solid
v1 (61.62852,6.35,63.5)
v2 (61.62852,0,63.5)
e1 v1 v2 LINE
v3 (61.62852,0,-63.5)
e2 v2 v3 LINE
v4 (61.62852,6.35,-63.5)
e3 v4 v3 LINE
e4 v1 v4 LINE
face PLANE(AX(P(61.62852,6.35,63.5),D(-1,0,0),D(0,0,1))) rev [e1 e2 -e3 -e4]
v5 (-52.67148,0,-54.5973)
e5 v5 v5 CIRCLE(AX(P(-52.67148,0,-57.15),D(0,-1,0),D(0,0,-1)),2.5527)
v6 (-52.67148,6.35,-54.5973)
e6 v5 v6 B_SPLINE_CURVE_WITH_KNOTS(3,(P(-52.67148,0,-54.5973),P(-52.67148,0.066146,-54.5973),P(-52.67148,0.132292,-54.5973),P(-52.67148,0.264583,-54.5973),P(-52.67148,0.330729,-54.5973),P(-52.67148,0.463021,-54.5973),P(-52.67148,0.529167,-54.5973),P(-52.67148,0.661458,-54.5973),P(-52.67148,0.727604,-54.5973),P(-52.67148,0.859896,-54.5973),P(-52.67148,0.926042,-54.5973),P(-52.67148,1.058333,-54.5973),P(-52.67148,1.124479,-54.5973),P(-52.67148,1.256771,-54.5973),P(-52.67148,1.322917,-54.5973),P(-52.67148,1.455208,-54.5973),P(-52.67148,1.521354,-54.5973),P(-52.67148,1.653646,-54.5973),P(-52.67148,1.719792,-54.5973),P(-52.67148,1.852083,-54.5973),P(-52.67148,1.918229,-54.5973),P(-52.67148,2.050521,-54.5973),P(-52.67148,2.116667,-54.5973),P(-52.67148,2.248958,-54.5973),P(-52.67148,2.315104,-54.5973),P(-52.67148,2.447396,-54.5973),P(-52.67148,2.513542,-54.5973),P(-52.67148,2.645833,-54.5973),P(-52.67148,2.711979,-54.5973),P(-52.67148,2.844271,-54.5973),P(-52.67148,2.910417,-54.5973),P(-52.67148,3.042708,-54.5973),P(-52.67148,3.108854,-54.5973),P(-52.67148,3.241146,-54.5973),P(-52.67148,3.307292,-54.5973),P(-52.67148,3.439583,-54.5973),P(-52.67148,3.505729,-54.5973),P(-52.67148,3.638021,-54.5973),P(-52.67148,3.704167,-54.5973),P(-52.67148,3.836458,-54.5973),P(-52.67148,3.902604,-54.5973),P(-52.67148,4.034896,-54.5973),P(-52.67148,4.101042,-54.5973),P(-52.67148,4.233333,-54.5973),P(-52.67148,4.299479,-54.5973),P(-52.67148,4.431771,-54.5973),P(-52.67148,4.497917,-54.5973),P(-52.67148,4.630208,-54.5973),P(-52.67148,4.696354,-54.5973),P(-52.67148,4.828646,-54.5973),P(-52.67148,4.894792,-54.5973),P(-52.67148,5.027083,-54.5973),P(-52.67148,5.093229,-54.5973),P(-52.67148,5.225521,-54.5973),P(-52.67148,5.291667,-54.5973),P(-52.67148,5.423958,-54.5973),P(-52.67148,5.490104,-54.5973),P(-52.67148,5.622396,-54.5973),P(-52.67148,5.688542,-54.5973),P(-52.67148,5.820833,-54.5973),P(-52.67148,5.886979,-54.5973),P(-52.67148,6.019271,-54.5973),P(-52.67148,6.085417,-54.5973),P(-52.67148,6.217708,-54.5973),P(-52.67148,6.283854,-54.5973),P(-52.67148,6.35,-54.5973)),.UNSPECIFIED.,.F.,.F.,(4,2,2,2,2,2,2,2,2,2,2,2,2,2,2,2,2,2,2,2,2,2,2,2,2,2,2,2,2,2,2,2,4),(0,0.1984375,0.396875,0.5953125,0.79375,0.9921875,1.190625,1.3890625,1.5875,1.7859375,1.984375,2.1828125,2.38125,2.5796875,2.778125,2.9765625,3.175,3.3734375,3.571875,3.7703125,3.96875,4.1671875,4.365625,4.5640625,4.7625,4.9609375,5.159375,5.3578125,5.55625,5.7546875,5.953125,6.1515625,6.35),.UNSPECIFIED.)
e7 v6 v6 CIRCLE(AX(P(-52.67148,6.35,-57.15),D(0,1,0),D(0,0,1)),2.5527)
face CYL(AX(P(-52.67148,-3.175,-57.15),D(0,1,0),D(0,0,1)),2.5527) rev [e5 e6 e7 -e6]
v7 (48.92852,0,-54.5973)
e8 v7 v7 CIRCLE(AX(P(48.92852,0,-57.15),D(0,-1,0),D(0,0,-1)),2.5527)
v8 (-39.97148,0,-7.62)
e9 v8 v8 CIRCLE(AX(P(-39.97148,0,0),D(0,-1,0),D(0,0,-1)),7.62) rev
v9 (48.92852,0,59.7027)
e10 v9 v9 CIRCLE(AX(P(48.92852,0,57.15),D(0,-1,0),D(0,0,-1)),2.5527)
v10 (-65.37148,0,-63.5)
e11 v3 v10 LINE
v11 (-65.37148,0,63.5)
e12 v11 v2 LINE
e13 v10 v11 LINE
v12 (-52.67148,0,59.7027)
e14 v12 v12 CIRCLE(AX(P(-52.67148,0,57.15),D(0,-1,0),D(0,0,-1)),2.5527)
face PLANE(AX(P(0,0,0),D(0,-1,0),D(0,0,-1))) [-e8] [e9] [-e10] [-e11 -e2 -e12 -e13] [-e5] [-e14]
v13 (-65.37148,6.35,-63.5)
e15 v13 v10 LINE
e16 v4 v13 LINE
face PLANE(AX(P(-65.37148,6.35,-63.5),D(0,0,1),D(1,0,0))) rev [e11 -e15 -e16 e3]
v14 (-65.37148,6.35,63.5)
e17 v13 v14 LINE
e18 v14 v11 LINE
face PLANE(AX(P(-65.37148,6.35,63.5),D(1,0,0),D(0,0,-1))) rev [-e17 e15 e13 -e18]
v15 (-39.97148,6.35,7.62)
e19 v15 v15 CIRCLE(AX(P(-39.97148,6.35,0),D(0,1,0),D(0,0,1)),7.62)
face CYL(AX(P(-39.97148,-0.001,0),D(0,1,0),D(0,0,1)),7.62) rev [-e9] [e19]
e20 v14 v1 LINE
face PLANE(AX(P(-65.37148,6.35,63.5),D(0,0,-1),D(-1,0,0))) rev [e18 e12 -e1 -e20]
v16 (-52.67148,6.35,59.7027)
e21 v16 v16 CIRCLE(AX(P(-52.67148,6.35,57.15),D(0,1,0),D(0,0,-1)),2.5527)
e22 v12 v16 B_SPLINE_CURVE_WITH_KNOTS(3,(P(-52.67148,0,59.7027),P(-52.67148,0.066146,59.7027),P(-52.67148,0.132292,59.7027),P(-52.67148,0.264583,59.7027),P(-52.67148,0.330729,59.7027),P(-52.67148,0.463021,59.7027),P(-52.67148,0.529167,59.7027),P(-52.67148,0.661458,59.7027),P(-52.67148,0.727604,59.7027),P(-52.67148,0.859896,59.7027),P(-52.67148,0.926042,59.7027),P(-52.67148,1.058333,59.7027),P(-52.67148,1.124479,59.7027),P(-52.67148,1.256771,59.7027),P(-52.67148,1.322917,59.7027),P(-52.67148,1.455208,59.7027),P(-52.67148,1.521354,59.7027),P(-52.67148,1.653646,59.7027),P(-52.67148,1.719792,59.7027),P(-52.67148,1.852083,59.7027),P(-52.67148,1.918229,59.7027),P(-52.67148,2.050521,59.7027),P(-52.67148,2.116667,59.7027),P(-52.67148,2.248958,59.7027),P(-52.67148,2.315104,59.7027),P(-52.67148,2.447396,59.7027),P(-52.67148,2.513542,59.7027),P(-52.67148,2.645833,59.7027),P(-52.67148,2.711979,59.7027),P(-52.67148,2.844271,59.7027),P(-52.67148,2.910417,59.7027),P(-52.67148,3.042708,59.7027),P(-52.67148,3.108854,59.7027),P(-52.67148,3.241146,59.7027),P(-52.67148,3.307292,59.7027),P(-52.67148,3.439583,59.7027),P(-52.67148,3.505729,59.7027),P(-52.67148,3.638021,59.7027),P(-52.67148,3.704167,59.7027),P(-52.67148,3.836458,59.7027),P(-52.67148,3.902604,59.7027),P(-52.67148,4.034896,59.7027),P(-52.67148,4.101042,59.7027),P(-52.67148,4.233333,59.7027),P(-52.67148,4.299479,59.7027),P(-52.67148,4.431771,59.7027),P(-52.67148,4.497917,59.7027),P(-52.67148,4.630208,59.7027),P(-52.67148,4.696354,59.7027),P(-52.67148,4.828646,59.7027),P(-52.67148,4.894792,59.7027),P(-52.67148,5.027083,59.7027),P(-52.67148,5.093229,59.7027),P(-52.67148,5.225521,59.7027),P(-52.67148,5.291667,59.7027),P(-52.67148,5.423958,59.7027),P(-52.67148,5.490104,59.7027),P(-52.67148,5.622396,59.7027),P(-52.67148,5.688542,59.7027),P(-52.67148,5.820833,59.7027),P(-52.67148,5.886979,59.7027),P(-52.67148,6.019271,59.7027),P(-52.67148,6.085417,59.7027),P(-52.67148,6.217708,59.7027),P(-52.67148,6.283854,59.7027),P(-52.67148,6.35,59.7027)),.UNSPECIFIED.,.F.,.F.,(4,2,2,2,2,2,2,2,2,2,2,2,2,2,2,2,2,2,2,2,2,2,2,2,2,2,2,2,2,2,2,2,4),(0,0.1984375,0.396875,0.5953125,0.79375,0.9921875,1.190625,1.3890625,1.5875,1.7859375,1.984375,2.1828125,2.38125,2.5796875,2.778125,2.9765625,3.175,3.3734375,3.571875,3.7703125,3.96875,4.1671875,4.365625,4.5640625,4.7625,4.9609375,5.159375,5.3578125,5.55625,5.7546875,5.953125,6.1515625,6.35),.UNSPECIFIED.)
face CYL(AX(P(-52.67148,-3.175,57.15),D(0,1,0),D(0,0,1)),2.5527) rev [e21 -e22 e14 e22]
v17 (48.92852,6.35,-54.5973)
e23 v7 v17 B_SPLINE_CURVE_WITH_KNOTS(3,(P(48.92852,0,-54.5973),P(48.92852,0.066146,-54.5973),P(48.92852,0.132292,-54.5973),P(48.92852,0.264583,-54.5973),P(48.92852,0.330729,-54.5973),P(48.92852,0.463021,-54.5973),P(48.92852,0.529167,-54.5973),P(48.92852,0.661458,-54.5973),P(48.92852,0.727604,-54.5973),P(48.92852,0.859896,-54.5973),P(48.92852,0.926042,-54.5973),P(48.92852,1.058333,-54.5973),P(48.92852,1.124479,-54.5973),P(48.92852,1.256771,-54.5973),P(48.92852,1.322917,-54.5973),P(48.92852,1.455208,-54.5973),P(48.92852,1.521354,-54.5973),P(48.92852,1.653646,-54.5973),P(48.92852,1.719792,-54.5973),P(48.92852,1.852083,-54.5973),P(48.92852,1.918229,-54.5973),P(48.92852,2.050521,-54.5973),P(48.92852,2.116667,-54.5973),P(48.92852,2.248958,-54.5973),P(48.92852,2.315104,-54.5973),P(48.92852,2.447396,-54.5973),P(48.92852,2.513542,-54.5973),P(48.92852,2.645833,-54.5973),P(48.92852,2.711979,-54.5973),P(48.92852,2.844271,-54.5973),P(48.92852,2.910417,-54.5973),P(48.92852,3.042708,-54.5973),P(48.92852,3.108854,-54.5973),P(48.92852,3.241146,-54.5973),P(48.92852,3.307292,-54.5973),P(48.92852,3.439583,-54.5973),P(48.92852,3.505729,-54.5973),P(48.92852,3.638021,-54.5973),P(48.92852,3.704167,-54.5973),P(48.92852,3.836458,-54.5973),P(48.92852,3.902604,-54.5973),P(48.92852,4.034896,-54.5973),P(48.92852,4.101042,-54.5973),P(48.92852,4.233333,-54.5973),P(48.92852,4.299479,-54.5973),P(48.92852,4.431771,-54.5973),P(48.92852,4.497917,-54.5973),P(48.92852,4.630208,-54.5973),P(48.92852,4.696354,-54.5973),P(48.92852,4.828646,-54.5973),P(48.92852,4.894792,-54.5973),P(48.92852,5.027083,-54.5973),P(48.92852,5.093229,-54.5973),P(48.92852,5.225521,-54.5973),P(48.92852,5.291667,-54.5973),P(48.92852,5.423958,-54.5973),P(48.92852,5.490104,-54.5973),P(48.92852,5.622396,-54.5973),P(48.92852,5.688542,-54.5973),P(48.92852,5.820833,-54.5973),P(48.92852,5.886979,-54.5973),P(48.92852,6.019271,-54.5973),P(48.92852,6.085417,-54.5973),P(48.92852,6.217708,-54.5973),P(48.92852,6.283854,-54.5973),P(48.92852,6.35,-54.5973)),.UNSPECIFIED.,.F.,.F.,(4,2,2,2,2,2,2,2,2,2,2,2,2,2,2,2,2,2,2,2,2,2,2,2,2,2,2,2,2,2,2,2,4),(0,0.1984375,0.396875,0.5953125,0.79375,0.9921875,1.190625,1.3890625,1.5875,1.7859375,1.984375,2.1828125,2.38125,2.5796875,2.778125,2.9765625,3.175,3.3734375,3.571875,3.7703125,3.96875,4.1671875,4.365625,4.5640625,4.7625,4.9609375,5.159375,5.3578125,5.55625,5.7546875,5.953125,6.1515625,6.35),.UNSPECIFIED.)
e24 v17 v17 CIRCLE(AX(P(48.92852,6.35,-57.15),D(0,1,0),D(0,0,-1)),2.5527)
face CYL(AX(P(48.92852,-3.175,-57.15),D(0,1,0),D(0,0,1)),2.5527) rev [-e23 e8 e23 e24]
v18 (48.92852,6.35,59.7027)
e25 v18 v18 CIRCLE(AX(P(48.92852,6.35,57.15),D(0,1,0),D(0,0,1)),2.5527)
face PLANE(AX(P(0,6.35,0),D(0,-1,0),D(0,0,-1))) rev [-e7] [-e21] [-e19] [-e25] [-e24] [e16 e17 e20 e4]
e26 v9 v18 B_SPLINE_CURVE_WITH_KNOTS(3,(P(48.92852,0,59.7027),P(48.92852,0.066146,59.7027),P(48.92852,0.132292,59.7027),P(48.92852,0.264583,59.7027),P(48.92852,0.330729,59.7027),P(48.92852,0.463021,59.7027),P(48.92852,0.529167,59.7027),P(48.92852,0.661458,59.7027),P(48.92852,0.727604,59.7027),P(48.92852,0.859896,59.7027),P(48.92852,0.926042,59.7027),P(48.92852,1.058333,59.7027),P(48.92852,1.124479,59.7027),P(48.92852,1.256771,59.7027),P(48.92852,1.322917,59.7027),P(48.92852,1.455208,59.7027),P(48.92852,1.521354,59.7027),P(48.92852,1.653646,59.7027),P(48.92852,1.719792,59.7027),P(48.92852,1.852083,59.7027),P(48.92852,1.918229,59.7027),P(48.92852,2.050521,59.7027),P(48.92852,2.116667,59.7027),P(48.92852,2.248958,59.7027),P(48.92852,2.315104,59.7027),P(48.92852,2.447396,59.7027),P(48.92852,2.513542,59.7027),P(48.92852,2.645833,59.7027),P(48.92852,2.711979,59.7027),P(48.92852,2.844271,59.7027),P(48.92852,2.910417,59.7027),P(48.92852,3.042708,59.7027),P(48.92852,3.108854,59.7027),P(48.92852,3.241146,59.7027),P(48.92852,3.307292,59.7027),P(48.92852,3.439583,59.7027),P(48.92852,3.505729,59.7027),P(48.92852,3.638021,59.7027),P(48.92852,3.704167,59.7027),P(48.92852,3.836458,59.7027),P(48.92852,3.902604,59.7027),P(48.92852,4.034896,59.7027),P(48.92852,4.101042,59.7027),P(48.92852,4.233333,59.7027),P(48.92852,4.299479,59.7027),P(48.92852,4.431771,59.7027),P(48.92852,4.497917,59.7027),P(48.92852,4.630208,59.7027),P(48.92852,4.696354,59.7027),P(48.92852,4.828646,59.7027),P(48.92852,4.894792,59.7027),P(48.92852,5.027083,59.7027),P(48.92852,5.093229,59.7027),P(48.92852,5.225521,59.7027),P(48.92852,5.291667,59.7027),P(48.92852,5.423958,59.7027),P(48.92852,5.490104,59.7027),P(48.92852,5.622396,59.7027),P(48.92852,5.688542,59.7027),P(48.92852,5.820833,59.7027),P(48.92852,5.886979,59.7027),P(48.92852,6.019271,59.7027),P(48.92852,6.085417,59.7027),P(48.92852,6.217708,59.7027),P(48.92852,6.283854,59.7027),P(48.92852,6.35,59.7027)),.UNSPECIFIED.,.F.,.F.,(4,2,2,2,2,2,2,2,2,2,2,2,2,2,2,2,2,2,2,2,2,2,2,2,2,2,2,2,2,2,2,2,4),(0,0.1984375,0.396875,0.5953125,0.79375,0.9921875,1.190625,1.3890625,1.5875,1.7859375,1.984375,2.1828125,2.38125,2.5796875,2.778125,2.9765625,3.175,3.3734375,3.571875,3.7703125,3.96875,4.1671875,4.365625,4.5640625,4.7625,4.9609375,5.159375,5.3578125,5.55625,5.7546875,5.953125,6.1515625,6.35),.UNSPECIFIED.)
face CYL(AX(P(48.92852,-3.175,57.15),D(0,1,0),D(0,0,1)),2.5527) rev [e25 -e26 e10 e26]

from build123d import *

# Parameters (mm, degrees)
SKETCH2_W           = 127
SKETCH2_H           = 127
BOSS_EXTRUDE1_DEPTH = 6.35
SKETCH6_R           = 2.5527
CUT_EXTRUDE3_DEPTH  = 9.525
CUT_EXTRUDE4_REACH  = 93.356
SKETCH7_R           = 7.62


with BuildPart() as part:
    # Sketch2 → Boss-Extrude1 (new body)
    with BuildSketch(Plane(origin=(0, 0, 0), x_dir=(1, 0, 0), z_dir=(0, 1, 0))):
        with Locations((-1.871480339, 0)):
            Rectangle(SKETCH2_W, SKETCH2_H)
    extrude(amount=BOSS_EXTRUDE1_DEPTH)

    # Sketch6 → Cut-Extrude3 (cut)
    with BuildSketch(Plane(origin=(0, 6.35, 0), x_dir=(1, 0, 0), z_dir=(0, 1, 0))):
        with Locations(Location((-52.671480339, 57.15, 0), (0, 0, 270))):
            Circle(SKETCH6_R)
        with Locations(Location((-52.671480339, -57.15, 0), (0, 0, 270))):
            Circle(SKETCH6_R)
        with Locations(Location((48.928519661, -57.15, 0), (0, 0, 270))):
            Circle(SKETCH6_R)
        with Locations(Location((48.928519661, 57.15, 0), (0, 0, 270))):
            Circle(SKETCH6_R)
    extrude(amount=-CUT_EXTRUDE3_DEPTH, mode=Mode.SUBTRACT)

    # Sketch7 → Cut-Extrude4 (cut, up to next)
    with BuildSketch(Plane(origin=(0, 6.35, 0), x_dir=(1, 0, 0), z_dir=(0, 1, 0)), mode=Mode.PRIVATE) as cut_extrude4_sk1:
        with Locations(Location((-39.971480339, 0, 0), (0, 0, 270))):
            Circle(SKETCH7_R)
    cut_extrude4_tool1 = extrude(cut_extrude4_sk1.sketch, amount=-CUT_EXTRUDE4_REACH, mode=Mode.PRIVATE) & part.part
    add(cut_extrude4_tool1.solids().sort_by_distance((-39.97148, 6.35, 0))[0], mode=Mode.SUBTRACT)


solid = part.part
